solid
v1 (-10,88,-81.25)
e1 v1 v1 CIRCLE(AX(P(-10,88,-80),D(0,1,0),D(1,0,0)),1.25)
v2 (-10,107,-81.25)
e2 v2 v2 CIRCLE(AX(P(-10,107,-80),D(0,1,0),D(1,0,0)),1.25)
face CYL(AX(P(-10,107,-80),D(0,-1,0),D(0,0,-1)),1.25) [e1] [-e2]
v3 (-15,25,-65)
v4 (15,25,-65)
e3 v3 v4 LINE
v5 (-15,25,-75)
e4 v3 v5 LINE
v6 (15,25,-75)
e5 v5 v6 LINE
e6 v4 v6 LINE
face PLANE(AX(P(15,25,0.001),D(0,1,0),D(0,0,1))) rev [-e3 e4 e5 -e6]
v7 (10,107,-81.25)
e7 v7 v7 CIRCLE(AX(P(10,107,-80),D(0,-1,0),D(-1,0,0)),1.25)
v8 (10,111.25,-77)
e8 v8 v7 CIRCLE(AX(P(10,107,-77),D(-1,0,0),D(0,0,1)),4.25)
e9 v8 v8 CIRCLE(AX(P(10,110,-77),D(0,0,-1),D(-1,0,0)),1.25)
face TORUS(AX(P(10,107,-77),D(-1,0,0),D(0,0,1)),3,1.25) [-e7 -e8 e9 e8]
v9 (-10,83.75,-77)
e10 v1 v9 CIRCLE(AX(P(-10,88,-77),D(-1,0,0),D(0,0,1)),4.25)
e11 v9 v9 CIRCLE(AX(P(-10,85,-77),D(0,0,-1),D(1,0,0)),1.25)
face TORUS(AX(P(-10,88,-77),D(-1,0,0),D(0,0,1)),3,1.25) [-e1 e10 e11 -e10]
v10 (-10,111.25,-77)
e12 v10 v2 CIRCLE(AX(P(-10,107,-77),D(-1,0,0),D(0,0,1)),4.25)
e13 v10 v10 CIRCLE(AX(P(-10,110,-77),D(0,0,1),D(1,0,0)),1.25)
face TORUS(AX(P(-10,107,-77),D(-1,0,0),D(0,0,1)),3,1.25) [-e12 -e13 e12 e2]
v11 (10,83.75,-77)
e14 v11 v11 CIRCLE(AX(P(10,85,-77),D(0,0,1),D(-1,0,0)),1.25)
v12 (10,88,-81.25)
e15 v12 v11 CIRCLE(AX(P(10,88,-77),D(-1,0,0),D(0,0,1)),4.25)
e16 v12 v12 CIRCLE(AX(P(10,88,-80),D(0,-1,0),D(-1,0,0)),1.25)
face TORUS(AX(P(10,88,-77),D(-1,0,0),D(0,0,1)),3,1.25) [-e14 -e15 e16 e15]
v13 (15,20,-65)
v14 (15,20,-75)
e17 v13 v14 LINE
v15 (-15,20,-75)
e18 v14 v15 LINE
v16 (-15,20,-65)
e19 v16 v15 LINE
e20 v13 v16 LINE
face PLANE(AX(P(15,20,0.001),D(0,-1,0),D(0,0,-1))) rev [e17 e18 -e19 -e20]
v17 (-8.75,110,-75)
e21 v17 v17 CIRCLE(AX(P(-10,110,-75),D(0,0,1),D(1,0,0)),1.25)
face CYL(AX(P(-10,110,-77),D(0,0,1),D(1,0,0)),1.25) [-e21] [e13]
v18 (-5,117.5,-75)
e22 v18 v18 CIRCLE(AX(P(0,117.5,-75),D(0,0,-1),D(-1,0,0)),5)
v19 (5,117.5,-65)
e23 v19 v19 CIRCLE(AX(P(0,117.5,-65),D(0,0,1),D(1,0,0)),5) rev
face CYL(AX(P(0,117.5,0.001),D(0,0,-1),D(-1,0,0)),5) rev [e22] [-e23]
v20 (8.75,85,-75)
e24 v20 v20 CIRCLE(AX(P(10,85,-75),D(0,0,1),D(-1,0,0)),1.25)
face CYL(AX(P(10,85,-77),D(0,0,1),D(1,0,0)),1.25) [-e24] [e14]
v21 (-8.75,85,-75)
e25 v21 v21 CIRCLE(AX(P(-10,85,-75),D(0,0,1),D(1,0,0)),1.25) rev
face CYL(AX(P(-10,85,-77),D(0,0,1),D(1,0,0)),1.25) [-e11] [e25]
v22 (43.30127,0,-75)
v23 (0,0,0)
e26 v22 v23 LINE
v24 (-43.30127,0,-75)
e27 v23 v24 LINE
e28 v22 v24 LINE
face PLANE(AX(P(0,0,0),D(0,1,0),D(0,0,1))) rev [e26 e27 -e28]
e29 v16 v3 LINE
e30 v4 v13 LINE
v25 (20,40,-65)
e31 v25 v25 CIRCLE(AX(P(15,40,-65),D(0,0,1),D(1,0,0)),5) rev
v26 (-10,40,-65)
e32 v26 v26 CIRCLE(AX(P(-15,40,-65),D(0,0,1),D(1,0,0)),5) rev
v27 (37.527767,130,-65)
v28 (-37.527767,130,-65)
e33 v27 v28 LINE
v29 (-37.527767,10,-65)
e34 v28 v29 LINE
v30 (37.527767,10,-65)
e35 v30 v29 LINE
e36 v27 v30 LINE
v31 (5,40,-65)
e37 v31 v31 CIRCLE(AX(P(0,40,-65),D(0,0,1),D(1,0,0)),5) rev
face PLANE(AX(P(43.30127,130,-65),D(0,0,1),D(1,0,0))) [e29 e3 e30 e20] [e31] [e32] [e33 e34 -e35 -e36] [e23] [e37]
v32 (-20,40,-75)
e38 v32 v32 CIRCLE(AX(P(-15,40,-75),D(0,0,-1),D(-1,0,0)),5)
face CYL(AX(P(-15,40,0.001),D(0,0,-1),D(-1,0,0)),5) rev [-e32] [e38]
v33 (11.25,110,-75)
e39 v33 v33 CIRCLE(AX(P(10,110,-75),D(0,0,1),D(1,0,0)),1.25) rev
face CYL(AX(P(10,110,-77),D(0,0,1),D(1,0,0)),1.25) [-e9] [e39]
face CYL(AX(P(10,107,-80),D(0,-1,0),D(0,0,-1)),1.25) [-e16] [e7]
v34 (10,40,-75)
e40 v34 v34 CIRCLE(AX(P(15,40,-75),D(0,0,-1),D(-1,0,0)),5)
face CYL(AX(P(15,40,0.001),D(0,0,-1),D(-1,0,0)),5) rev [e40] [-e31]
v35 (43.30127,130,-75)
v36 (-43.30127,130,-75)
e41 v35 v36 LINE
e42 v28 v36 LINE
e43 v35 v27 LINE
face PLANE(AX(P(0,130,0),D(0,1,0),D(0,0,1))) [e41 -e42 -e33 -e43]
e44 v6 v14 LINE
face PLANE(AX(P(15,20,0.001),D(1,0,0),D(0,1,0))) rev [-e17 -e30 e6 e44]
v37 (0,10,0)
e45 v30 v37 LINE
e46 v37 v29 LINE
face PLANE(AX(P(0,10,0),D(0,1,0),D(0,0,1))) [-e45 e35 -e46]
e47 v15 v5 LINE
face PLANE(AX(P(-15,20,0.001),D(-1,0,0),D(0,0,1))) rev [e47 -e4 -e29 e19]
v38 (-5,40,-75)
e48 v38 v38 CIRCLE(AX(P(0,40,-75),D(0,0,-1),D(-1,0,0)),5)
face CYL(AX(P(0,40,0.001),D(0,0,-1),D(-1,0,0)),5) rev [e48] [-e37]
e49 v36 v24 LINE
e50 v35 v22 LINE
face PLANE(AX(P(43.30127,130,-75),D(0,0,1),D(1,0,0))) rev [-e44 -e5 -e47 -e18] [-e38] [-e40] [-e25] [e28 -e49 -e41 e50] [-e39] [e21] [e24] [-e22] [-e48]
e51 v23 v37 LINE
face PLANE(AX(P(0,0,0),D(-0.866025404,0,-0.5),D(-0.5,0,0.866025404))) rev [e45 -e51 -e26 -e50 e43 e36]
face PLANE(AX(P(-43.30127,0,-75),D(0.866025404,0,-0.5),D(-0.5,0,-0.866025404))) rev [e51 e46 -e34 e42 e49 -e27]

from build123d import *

# Parameters (mm, degrees)
MAIN_FRAME_DEPTH     = 130
SHELL1_T             = -10
CUT_EXTRUDE1_DEPTH   = 174.277234512
EXTERNAL_PORTS_REACH = 158.205
SKETCH5_R            = 5
SKETCH5_W            = 30
SKETCH5_H            = 5
SKETCH7_R            = 1.25


with BuildPart() as part:
    # Sketch1 → Main Frame (new body)
    with BuildSketch(Plane(origin=(0, 0, 0), x_dir=(1, 0, 0), z_dir=(0, 1, 0))):
        Polygon((86.602540378, 0), (43.301270189, 75), (-43.301270189, 75), (-86.602540378, 0), (-43.301270189, -75), (43.301270189, -75), align=None)
    extrude(amount=MAIN_FRAME_DEPTH)

    # Shell1
    shell1_openings = [part.faces().sort_by_distance(p)[0] for p in [
        (0, 130, 0),
    ]]
    offset(amount=SHELL1_T, openings=shell1_openings, kind=Kind.INTERSECTION)

    # Sketch2 → Cut-Extrude1 (cut, through all)
    with BuildSketch(Plane(origin=(0, 130, 0), x_dir=(1, 0, 0), z_dir=(0, 1, 0))):
        Polygon((-43.301270189, 75), (0, 0), (43.301270189, 75), (86.602540378, 0), (43.301270189, -75), (-43.301270189, -75), (-86.602540378, 0), align=None)
    extrude(amount=-CUT_EXTRUDE1_DEPTH, mode=Mode.SUBTRACT)

    # Sketch5 → External Ports (cut, up to next)
    with BuildSketch(Plane(origin=(0, 0, -75), x_dir=(-1, 0, 0), z_dir=(0, 0, -1)), mode=Mode.PRIVATE) as external_ports_sk1:
        with Locations((-15, 40)):
            Circle(SKETCH5_R)
    external_ports_tool1 = extrude(external_ports_sk1.sketch, amount=-EXTERNAL_PORTS_REACH, mode=Mode.PRIVATE) & part.part
    # Sketch5 → External Ports (cut, up to next)
    with BuildSketch(Plane(origin=(0, 0, -75), x_dir=(-1, 0, 0), z_dir=(0, 0, -1)), mode=Mode.PRIVATE) as external_ports_sk2:
        with Locations((0, 40)):
            Circle(SKETCH5_R)
    external_ports_tool2 = extrude(external_ports_sk2.sketch, amount=-EXTERNAL_PORTS_REACH, mode=Mode.PRIVATE) & part.part
    # Sketch5 → External Ports (cut, up to next)
    with BuildSketch(Plane(origin=(0, 0, -75), x_dir=(-1, 0, 0), z_dir=(0, 0, -1)), mode=Mode.PRIVATE) as external_ports_sk3:
        with Locations((15, 40)):
            Circle(SKETCH5_R)
    external_ports_tool3 = extrude(external_ports_sk3.sketch, amount=-EXTERNAL_PORTS_REACH, mode=Mode.PRIVATE) & part.part
    # Sketch5 → External Ports (cut, up to next)
    with BuildSketch(Plane(origin=(0, 0, -75), x_dir=(-1, 0, 0), z_dir=(0, 0, -1)), mode=Mode.PRIVATE) as external_ports_sk4:
        with Locations((0, 117.5)):
            Circle(SKETCH5_R)
    external_ports_tool4 = extrude(external_ports_sk4.sketch, amount=-EXTERNAL_PORTS_REACH, mode=Mode.PRIVATE) & part.part
    # Sketch5 → External Ports (cut, up to next)
    with BuildSketch(Plane(origin=(0, 0, -75), x_dir=(-1, 0, 0), z_dir=(0, 0, -1)), mode=Mode.PRIVATE) as external_ports_sk5:
        with Locations((0, 22.5)):
            Rectangle(SKETCH5_W, SKETCH5_H)
    external_ports_tool5 = extrude(external_ports_sk5.sketch, amount=-EXTERNAL_PORTS_REACH, mode=Mode.PRIVATE) & part.part
    add(external_ports_tool1.solids().sort_by_distance((15, 40, -75))[0], mode=Mode.SUBTRACT)
    add(external_ports_tool2.solids().sort_by_distance((0, 40, -75))[0], mode=Mode.SUBTRACT)
    add(external_ports_tool3.solids().sort_by_distance((-15, 40, -75))[0], mode=Mode.SUBTRACT)
    add(external_ports_tool4.solids().sort_by_distance((0, 117.5, -75))[0], mode=Mode.SUBTRACT)
    add(external_ports_tool5.solids().sort_by_distance((0, 22.5, -75))[0], mode=Mode.SUBTRACT)

    # Boom Mount: sweep along a path in Sketch6
    with BuildLine(Plane(origin=(10, 0, 0), x_dir=(0, 0, -1), z_dir=(1, 0, 0))) as boom_mount_path:
        Line((75, 110), (77, 110))
        ThreePointArc((77, 110), (79.121320344, 109.121320344), (80, 107))
        Line((80, 107), (80, 88))
        ThreePointArc((80, 88), (79.121320344, 85.878679656), (77, 85))
        Line((77, 85), (75, 85))
    # Sketch7 → Boom Mount (sweep)
    with BuildSketch(Plane(origin=(0, 0, -75), x_dir=(-1, 0, 0), z_dir=(0, 0, -1))):
        with Locations((-10, 110)):
            Circle(SKETCH7_R)
    boom_mount = sweep(path=boom_mount_path.line)

    # Mirror1: Boom Mount across plane
    add(boom_mount.mirror(Plane(origin=(0, 0, 0), x_dir=(0, 0, 1), z_dir=(1, 0, 0))))


solid = part.part
